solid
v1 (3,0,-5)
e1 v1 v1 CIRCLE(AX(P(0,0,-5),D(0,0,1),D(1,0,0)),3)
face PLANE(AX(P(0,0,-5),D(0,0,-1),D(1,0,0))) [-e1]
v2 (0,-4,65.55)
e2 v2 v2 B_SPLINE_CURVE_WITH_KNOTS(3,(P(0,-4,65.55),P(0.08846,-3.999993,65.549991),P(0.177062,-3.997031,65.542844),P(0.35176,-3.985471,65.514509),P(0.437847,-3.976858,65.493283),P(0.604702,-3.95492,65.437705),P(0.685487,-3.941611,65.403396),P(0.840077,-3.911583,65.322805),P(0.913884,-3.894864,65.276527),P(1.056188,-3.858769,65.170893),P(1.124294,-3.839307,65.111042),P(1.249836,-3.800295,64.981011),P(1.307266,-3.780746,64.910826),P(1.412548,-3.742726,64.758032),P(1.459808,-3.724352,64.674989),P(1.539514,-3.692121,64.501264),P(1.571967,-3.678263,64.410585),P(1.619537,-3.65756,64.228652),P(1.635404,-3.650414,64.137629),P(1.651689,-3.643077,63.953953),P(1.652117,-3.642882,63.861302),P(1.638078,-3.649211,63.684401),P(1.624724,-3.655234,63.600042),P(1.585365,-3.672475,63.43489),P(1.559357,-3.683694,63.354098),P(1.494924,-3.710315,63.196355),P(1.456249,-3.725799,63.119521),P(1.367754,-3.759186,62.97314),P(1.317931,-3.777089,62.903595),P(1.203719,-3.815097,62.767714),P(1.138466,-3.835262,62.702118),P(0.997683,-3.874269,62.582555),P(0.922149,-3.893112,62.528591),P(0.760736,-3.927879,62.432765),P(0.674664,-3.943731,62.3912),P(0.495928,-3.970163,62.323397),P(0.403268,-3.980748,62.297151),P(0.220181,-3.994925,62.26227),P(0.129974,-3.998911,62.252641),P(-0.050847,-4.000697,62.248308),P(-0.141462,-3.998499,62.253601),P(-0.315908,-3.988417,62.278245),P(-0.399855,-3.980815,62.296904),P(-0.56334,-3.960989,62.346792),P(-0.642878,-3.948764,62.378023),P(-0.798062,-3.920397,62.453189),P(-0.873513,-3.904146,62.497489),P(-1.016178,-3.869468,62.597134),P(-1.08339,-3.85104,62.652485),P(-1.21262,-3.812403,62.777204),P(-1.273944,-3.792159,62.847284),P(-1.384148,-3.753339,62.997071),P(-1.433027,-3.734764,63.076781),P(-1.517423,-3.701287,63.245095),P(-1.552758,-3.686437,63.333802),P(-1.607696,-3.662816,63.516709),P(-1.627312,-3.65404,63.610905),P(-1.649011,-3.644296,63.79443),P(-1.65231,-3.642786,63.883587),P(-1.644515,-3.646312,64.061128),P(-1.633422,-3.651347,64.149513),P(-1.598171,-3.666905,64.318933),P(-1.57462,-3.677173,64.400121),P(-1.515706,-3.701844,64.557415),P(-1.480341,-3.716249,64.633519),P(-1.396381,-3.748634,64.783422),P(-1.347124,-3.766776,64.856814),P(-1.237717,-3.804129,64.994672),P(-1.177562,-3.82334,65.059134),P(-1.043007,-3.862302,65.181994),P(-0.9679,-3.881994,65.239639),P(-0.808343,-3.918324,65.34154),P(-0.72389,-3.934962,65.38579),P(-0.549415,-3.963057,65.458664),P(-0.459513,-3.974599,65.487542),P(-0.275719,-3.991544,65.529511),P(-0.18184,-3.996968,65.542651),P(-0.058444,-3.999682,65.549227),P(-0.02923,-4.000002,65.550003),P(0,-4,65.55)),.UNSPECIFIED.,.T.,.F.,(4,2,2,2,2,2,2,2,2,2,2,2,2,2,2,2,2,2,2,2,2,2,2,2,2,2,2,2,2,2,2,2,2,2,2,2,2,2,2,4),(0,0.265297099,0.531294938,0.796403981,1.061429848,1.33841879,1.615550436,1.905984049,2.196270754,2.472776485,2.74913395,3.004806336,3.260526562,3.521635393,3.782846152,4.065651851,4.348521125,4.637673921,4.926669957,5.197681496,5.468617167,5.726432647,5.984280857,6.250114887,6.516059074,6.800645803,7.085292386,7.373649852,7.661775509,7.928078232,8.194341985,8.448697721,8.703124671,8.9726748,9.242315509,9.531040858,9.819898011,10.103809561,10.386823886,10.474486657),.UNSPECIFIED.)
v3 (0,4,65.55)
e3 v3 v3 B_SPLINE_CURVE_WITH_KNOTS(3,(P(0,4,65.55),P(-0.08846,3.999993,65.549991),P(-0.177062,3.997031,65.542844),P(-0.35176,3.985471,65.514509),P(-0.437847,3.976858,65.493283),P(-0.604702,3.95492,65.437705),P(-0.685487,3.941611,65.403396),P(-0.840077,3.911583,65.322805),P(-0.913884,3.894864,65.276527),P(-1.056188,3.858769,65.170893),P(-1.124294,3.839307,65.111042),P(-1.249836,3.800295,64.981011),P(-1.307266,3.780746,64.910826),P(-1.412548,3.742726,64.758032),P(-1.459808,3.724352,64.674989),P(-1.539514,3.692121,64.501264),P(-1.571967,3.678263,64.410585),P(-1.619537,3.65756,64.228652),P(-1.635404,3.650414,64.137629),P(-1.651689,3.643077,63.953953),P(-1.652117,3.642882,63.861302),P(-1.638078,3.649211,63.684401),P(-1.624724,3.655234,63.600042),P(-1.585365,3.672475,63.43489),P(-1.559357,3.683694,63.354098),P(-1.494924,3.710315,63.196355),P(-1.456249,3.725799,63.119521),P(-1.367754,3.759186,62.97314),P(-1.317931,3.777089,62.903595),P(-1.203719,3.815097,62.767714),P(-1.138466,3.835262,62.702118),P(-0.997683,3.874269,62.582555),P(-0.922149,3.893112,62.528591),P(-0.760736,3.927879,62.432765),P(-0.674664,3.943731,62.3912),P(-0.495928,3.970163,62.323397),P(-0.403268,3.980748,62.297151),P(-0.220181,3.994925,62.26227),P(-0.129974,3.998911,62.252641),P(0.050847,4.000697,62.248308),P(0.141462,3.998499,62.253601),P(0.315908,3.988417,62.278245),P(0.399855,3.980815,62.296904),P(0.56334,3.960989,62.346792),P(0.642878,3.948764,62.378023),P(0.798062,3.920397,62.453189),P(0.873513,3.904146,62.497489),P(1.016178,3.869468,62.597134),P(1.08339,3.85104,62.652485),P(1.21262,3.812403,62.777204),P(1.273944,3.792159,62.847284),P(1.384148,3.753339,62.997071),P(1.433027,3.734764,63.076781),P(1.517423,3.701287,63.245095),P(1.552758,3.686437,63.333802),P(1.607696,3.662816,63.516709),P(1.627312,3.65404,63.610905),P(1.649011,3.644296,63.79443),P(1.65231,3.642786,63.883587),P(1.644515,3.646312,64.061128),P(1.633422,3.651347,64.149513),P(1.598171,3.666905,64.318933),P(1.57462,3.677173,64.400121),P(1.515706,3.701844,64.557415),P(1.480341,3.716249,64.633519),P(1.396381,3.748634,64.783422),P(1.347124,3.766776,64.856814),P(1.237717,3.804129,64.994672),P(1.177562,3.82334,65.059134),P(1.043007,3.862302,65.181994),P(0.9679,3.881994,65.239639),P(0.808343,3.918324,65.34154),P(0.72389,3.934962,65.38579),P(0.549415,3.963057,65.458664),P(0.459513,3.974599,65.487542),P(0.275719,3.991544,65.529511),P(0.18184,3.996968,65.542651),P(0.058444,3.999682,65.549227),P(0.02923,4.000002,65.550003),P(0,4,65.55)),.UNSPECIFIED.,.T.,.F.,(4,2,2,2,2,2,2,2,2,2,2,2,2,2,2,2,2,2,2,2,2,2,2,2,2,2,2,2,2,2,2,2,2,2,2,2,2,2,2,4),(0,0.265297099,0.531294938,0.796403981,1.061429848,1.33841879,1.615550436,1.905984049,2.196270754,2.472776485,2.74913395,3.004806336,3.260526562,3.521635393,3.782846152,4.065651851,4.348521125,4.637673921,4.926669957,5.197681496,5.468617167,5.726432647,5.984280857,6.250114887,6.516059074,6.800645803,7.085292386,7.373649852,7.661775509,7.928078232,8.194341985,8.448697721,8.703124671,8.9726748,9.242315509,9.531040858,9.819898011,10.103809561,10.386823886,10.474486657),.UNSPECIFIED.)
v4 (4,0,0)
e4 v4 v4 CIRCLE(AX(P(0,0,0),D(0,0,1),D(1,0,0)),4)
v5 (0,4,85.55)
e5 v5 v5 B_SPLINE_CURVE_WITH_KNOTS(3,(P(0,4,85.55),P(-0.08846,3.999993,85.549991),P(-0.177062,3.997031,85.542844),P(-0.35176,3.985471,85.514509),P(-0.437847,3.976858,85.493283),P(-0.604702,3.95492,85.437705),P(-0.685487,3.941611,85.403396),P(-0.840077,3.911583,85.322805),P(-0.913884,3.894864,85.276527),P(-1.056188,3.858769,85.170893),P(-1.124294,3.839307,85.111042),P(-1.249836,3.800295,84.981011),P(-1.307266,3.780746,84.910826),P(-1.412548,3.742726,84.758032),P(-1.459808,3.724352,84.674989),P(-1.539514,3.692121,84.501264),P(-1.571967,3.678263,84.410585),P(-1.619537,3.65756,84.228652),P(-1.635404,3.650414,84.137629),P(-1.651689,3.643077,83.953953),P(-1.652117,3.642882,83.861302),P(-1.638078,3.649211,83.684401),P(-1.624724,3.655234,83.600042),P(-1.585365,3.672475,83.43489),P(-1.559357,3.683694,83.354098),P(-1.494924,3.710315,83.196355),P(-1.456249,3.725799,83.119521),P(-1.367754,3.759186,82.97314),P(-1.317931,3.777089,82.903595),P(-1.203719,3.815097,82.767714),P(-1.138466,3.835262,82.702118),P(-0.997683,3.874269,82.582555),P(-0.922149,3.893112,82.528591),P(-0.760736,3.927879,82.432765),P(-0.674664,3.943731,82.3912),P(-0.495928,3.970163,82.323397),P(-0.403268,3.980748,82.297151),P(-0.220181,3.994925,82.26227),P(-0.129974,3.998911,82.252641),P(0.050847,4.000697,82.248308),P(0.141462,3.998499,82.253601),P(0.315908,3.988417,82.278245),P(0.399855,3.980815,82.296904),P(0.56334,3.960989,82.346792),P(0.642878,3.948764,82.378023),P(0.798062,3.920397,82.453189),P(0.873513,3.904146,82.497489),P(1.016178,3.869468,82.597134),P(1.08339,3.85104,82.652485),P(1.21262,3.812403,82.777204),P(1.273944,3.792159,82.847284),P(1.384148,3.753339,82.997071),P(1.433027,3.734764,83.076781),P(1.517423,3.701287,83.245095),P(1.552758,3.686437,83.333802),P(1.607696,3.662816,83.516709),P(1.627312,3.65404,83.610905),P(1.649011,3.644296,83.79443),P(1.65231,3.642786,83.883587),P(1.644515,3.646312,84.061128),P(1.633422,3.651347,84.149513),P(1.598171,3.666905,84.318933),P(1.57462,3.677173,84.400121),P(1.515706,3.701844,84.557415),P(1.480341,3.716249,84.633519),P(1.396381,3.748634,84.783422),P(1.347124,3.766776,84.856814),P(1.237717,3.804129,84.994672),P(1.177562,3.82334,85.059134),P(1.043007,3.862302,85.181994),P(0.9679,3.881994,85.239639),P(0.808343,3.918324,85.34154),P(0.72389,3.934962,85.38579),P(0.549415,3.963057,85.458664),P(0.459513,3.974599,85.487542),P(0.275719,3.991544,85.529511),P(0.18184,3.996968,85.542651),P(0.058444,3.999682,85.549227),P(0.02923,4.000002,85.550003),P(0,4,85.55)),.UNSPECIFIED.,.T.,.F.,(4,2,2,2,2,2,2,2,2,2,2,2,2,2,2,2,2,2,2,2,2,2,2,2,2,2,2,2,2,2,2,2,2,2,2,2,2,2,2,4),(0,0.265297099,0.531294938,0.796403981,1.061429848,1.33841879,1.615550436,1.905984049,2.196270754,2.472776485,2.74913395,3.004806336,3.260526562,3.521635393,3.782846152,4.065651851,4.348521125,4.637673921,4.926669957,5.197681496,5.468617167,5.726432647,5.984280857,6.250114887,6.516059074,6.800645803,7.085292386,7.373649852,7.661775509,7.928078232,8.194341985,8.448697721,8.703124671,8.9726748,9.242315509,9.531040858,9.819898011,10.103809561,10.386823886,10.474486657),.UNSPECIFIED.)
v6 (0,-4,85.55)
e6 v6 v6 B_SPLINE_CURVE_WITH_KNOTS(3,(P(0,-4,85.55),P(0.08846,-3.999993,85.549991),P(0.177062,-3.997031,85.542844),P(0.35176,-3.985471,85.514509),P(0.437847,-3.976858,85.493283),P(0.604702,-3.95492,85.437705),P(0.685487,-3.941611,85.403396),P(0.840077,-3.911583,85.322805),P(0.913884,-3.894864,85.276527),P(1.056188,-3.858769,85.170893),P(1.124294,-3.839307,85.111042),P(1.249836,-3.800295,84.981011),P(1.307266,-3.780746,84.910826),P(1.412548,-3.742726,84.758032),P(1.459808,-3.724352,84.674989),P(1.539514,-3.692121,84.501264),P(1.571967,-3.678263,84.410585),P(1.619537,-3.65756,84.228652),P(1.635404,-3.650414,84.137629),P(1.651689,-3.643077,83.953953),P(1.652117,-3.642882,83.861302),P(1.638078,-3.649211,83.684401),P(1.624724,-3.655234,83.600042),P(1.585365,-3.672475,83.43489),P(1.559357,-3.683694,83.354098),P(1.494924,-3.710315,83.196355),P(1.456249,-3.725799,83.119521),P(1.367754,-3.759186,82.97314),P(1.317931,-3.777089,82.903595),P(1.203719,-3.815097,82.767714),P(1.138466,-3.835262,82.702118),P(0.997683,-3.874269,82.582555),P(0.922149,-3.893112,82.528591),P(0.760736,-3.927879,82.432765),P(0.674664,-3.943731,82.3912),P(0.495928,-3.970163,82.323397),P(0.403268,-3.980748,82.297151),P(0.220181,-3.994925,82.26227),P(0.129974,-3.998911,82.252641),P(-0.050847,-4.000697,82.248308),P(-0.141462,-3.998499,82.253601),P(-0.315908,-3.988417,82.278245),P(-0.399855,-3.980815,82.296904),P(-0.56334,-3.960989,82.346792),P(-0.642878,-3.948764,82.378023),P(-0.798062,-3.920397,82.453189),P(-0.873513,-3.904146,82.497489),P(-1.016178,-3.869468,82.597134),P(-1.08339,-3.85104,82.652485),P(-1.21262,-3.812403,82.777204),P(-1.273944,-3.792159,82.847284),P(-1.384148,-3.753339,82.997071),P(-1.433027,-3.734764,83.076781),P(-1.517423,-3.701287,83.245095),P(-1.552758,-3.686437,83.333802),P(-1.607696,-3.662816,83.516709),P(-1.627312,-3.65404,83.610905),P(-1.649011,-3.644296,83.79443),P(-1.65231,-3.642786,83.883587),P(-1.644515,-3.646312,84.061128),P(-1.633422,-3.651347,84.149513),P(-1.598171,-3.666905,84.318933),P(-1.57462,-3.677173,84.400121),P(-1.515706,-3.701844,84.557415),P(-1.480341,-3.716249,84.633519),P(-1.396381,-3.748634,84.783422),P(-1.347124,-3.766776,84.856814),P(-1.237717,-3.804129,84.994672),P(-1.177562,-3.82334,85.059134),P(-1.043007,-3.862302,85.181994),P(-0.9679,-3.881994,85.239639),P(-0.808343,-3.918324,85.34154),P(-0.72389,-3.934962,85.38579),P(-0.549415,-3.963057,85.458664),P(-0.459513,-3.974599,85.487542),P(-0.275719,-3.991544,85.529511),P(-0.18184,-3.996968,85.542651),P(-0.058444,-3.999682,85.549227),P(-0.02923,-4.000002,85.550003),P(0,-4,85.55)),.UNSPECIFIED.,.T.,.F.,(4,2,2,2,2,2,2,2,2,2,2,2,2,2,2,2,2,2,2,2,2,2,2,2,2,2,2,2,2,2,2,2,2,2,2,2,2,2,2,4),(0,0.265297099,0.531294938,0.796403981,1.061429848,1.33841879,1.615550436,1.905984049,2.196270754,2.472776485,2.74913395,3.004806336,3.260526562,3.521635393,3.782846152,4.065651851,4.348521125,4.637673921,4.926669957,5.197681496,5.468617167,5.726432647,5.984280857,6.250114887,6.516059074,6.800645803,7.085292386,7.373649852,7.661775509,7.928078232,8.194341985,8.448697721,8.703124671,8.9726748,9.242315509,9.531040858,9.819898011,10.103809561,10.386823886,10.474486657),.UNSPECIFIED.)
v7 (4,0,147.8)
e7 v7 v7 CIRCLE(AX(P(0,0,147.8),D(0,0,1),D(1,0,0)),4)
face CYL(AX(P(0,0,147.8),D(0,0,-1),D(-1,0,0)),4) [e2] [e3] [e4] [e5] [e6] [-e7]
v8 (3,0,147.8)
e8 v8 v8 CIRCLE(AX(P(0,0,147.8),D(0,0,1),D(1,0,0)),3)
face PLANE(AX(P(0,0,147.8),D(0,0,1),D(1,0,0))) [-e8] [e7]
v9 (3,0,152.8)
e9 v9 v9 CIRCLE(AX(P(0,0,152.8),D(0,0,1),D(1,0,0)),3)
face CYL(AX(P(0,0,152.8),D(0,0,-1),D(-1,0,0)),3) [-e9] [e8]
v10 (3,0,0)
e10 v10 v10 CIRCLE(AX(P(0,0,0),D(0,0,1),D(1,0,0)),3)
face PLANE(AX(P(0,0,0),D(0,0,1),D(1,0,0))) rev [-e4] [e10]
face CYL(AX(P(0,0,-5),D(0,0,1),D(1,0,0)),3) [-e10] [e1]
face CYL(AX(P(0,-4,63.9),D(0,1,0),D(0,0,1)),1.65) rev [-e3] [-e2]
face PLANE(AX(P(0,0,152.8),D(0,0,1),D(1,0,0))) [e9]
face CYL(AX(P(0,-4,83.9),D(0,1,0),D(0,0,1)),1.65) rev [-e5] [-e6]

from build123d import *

# Parameters (mm, degrees)
SKETCH_1_R               = 4
EXTRUDE_1_DEPTH          = 147.8
SKETCH_2_R               = 3
EXTRUDE_2_DEPTH          = 5
CUT_EXTRUDE_1_DEPTH      = 153.904676187
CUT_EXTRUDE_1_DEPTH_BACK = 153.904676187
SKETCH_3_R               = 1.65


with BuildPart() as part:
    # ｽｹｯﾁ1 → ﾎﾞｽ - 押し出し1 (new body)
    with BuildSketch(Plane.XY):
        Circle(SKETCH_1_R)
    extrude(amount=EXTRUDE_1_DEPTH)

    # ｽｹｯﾁ2 → ﾎﾞｽ - 押し出し2 (add)
    with BuildSketch(Plane.XY.offset(147.8)):
        Circle(SKETCH_2_R)
    extrude_2 = extrude(amount=EXTRUDE_2_DEPTH)

    # ﾐﾗｰ1: ﾎﾞｽ - 押し出し2 across plane
    add(extrude_2.mirror(Plane.XY.offset(73.9)))

    # ｽｹｯﾁ3 → ｶｯﾄ - 押し出し1 (cut, two sides: drawn at the far end of the back side and taken through both)
    with BuildSketch(Plane(origin=(0, 0, 0), x_dir=(1, 0, 0), z_dir=(0, 1, 0)).offset(-CUT_EXTRUDE_1_DEPTH_BACK)):
        with Locations(Location((0, -63.9, 0), (0, 0, 270))):
            Circle(SKETCH_3_R)
        with Locations(Location((0, -83.9, 0), (0, 0, 270))):
            Circle(SKETCH_3_R)
    extrude(amount=CUT_EXTRUDE_1_DEPTH + CUT_EXTRUDE_1_DEPTH_BACK, mode=Mode.SUBTRACT)


solid = part.part
